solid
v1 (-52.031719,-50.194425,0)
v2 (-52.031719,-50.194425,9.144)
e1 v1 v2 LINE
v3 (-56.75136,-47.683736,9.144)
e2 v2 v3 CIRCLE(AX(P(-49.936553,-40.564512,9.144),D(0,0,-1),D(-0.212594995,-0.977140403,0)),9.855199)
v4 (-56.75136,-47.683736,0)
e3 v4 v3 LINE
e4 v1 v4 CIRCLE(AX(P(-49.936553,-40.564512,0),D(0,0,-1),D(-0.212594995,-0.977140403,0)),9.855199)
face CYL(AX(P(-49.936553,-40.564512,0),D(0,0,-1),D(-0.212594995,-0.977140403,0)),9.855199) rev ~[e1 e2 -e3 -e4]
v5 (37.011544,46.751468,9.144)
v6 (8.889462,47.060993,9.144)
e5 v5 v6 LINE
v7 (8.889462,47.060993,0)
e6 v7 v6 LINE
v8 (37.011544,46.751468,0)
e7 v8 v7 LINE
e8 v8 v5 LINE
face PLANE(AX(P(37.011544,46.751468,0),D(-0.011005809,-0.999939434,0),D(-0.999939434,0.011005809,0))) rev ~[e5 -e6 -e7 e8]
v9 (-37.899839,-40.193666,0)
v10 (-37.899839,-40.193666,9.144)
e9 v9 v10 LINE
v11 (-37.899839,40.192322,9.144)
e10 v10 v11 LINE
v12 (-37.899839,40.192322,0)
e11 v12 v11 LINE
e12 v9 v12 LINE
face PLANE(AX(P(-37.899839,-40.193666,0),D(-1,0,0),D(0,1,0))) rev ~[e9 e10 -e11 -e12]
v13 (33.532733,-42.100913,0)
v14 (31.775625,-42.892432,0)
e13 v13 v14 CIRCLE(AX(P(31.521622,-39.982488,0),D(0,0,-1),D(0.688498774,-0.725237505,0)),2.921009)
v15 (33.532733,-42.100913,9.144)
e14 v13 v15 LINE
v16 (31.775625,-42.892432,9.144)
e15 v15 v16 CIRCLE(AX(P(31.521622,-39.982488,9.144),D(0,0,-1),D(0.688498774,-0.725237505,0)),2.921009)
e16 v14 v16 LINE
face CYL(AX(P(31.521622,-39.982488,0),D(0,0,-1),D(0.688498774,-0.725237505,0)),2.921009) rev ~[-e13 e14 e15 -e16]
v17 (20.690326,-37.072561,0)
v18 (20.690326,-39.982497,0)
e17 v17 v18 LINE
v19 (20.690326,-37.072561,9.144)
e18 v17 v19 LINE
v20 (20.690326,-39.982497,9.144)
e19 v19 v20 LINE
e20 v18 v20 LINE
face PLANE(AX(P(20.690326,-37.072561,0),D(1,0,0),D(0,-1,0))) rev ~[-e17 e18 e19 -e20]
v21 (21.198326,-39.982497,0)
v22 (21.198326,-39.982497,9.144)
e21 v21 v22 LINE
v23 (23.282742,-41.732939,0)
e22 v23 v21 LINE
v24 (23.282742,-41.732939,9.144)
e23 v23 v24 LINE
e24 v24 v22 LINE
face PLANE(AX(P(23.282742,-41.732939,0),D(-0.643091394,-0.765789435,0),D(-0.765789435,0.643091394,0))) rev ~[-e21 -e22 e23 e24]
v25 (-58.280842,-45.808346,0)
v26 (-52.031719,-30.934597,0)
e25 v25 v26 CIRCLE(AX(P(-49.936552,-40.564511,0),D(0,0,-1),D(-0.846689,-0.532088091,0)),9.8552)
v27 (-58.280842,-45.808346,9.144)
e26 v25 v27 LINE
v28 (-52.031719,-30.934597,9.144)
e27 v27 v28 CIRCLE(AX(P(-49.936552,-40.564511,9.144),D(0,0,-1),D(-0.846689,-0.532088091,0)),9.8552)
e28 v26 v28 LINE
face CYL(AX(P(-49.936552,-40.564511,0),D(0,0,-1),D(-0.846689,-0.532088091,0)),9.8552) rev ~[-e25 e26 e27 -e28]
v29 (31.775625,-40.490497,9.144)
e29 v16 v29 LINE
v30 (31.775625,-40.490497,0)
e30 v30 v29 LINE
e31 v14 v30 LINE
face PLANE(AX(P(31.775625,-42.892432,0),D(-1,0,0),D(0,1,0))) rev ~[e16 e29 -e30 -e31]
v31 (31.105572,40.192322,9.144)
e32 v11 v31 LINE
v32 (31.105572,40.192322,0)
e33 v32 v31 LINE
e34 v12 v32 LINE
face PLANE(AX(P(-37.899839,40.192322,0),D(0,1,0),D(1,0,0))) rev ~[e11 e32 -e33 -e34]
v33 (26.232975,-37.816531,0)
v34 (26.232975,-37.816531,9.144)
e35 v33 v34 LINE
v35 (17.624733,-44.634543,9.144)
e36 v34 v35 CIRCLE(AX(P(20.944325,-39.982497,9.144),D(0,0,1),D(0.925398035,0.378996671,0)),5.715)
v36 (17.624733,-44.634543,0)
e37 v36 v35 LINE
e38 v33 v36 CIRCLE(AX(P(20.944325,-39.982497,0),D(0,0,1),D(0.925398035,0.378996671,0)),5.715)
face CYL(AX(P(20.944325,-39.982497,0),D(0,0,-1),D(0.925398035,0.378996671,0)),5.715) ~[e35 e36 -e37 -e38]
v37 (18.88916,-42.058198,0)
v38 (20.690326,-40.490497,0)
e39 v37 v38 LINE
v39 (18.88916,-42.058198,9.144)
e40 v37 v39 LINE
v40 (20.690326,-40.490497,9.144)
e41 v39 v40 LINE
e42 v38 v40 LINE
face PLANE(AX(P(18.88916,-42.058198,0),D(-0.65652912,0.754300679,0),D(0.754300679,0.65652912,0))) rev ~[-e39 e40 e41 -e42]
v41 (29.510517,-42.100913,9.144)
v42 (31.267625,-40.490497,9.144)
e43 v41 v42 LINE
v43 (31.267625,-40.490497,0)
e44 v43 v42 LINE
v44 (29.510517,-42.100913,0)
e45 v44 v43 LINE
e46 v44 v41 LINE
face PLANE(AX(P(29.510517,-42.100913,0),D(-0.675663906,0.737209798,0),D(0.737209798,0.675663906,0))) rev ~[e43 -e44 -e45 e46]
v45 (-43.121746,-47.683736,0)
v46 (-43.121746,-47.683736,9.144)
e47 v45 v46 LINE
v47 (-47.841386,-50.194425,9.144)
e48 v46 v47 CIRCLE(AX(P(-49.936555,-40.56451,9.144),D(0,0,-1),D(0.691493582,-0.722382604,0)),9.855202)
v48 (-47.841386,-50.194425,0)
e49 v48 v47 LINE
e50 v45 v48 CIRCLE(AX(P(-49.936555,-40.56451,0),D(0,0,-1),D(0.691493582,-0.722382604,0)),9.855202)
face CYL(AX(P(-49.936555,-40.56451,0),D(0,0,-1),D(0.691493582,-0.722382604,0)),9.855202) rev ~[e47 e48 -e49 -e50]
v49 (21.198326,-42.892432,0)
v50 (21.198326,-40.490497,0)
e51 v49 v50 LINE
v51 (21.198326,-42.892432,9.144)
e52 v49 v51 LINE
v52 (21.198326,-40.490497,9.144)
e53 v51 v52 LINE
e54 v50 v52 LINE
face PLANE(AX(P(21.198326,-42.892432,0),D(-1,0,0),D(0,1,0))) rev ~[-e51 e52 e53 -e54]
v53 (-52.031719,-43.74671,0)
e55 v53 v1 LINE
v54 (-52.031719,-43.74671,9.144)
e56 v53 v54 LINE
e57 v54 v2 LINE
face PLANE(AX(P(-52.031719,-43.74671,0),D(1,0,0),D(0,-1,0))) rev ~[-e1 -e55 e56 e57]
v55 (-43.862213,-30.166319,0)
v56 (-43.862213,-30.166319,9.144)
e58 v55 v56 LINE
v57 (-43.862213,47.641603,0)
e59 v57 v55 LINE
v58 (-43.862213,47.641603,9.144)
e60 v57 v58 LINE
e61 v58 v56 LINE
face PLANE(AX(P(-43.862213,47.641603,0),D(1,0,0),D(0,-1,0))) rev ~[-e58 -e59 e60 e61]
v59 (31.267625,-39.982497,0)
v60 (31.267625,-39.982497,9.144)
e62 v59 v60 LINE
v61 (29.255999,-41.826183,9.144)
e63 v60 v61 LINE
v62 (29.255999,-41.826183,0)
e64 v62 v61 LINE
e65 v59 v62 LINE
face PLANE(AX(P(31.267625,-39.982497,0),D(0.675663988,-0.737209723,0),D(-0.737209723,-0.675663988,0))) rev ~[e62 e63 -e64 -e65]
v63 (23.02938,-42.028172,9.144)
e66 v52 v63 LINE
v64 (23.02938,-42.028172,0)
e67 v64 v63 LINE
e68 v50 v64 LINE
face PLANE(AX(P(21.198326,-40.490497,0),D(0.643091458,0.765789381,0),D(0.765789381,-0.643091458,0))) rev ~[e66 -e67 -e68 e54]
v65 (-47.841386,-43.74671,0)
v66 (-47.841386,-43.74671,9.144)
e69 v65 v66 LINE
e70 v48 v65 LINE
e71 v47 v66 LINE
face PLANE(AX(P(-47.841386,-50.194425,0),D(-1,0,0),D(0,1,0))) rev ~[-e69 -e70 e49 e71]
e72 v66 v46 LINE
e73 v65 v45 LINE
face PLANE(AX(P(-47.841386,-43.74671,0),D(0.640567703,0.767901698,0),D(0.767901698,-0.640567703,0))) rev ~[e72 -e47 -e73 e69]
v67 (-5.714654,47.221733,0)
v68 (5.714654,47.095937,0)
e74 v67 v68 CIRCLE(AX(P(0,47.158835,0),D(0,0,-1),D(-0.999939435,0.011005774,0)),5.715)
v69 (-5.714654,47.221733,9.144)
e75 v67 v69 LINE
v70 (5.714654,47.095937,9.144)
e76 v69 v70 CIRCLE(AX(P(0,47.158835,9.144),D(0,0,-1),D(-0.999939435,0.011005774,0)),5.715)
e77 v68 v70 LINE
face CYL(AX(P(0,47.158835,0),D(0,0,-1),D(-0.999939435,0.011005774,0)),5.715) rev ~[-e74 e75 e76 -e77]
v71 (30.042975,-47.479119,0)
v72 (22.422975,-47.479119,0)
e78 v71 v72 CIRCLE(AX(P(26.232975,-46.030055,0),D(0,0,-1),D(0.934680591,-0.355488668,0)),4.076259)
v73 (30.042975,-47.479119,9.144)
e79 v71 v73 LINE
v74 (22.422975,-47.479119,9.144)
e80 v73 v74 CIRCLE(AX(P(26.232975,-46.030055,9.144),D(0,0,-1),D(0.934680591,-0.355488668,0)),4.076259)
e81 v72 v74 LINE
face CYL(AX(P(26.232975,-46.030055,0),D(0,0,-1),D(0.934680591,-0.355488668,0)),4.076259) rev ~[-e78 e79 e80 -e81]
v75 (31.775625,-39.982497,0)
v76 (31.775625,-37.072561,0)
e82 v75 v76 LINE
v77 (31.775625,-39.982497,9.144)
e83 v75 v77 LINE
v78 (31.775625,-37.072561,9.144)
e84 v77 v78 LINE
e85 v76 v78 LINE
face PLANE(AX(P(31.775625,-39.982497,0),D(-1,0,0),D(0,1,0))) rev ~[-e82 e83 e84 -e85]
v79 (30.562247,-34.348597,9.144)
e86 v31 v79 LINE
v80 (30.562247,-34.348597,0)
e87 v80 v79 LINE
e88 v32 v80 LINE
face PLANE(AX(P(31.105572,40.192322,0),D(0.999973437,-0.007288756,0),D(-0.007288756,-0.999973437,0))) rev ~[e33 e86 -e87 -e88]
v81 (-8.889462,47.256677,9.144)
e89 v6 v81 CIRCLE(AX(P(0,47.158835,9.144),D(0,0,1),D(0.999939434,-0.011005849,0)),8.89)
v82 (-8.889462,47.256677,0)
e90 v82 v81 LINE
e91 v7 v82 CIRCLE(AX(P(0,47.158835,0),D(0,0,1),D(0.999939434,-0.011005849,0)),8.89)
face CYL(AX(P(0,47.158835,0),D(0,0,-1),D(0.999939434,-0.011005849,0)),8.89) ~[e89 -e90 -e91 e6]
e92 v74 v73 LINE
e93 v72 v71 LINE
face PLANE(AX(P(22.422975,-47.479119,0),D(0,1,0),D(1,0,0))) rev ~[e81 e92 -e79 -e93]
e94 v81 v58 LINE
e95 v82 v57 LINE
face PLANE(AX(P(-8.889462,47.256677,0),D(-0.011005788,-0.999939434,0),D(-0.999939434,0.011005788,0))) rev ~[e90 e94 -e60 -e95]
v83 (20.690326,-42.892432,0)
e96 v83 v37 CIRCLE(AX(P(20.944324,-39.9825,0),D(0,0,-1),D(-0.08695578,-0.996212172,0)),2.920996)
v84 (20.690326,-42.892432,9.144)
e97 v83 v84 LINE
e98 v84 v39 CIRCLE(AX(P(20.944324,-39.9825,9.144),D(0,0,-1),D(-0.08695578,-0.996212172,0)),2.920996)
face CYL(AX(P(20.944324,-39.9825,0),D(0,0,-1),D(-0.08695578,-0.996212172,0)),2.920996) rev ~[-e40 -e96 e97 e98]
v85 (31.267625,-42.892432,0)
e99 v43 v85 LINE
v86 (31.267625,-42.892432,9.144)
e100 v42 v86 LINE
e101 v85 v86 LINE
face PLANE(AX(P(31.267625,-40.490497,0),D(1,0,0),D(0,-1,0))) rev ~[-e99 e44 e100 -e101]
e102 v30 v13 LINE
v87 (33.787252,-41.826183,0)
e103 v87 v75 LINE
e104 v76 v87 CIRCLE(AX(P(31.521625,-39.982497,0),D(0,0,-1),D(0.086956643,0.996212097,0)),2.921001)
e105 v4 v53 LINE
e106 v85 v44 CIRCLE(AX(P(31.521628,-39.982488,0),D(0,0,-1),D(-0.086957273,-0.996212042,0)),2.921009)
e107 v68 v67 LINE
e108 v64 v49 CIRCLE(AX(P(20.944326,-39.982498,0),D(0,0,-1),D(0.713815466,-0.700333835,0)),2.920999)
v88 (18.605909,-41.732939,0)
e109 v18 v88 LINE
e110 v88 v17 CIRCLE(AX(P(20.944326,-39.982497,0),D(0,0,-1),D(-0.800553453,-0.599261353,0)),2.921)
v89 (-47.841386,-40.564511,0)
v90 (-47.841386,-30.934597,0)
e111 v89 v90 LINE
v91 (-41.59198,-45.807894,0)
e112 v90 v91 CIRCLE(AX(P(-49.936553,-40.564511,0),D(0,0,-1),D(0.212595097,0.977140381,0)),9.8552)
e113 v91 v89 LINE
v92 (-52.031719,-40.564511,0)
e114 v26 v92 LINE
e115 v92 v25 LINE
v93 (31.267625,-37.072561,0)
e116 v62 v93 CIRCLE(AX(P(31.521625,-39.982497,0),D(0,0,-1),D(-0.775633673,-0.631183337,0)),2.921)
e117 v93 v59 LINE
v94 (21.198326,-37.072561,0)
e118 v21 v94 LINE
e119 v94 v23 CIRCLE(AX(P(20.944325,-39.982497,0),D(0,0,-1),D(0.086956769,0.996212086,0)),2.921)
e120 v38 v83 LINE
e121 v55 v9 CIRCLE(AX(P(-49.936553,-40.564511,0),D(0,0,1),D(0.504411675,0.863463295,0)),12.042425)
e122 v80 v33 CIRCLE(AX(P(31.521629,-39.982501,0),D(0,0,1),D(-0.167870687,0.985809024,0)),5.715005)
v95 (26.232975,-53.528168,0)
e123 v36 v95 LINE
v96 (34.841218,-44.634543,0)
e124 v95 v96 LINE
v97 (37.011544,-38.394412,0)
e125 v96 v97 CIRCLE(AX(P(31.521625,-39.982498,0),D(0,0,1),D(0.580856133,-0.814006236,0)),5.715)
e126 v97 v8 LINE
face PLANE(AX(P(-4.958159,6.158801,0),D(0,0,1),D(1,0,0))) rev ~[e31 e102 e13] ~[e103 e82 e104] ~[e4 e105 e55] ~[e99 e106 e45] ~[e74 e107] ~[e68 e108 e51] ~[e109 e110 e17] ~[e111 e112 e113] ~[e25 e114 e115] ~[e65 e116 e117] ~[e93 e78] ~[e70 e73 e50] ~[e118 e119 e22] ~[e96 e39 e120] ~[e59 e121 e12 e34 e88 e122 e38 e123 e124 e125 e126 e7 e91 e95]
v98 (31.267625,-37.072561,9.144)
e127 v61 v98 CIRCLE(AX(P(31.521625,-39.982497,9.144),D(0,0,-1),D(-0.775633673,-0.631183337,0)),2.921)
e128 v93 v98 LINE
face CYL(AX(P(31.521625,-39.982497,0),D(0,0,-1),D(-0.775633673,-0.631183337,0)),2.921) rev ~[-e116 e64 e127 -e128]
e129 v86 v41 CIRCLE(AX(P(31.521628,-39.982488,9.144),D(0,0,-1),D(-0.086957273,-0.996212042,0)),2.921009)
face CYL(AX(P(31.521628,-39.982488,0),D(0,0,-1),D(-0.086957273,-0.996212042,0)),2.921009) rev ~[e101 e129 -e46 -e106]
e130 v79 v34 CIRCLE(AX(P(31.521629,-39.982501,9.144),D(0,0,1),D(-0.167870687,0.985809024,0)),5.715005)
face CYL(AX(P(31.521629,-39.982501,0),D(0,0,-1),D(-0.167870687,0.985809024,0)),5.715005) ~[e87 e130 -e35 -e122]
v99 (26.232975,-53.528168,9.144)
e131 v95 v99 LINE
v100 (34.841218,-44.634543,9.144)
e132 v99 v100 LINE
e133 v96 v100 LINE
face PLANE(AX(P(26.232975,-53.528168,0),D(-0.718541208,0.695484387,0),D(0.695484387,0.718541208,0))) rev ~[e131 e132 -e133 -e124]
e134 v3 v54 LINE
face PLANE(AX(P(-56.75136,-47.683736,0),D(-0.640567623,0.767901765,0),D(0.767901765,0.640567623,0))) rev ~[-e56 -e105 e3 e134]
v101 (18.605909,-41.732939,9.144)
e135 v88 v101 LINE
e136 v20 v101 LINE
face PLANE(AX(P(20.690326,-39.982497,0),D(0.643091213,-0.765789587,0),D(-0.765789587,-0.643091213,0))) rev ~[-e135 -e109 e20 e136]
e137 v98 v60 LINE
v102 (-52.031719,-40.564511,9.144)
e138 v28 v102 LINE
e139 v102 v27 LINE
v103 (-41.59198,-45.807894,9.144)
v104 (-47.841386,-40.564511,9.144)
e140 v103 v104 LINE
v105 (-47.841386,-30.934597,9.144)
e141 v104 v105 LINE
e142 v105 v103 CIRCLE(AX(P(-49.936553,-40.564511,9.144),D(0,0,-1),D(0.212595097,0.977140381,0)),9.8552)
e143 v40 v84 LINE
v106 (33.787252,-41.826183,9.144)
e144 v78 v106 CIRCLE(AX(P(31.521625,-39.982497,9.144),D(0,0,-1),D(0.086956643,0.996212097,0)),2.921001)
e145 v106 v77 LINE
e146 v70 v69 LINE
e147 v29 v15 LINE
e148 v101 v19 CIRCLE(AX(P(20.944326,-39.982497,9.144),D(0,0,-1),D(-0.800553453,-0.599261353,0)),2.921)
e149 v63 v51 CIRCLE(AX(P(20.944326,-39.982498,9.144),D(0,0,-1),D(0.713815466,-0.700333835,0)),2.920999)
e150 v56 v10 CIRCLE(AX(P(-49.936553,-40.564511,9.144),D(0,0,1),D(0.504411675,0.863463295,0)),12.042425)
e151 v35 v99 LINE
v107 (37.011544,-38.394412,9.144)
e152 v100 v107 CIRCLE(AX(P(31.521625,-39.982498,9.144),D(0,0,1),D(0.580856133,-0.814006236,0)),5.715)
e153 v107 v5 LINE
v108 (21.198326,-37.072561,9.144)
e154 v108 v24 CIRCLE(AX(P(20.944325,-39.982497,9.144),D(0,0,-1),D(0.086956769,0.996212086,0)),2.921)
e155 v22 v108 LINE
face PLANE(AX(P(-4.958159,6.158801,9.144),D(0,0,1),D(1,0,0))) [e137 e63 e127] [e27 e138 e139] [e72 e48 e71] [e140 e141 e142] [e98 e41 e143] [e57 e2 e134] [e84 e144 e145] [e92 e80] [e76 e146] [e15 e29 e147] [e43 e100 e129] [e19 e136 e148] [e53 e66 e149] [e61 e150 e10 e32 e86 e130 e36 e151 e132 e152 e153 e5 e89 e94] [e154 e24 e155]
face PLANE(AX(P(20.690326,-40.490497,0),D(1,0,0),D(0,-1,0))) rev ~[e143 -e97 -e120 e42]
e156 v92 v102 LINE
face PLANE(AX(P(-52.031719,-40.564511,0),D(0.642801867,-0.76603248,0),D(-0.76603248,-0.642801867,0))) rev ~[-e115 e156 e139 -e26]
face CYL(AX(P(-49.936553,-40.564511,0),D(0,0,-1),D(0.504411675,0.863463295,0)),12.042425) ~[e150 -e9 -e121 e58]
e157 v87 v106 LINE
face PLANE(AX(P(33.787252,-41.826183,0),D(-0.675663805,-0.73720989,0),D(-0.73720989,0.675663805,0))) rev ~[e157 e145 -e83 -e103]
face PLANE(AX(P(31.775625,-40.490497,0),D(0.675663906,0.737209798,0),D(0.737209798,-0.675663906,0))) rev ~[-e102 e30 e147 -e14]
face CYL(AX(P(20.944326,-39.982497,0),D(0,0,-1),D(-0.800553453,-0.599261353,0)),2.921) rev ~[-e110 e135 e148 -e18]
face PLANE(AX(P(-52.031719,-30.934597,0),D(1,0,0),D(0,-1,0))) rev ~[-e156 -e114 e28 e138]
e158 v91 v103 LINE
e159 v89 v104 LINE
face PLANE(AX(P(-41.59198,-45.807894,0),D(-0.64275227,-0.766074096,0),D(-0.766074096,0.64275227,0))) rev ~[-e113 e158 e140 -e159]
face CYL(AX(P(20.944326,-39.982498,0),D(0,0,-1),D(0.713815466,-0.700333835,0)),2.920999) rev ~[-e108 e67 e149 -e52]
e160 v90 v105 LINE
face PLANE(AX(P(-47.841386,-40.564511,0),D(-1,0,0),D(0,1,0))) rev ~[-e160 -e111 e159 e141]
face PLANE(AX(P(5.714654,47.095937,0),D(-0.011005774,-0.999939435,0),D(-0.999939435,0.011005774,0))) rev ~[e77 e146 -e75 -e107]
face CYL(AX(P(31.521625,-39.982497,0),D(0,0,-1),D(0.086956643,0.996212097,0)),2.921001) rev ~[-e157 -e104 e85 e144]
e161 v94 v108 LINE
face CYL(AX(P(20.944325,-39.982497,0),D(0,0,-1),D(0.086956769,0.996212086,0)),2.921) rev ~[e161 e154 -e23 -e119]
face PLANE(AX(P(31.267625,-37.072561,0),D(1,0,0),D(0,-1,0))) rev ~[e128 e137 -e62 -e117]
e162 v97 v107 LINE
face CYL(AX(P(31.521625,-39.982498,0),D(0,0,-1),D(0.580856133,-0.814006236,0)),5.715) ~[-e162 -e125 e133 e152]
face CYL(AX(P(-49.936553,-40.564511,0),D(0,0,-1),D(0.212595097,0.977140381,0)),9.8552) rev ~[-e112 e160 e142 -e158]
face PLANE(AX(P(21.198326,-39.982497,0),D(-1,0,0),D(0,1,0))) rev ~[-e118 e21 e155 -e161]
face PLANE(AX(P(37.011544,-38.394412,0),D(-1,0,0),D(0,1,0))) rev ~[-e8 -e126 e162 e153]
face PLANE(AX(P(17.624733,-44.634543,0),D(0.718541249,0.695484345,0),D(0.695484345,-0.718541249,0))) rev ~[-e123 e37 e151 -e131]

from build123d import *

# Parameters (mm, degrees)
F1_DEPTH = 9.144


with BuildPart() as f1:
    # F0 (on Top) → F1 (new body)
    with BuildSketch(Plane.XY):
        with BuildLine():
            Line((26.232975, -53.528168), (34.841218, -44.634543))
            ThreePointArc((34.841218, -44.634543), (36.919466, -41.859873), (37.011544, -38.394412))
            Line((37.011544, -38.394412), (37.011544, -23.138775))
            Line((37.011544, -23.138775), (37.011544, 46.751468))
            Line((37.011544, 46.751468), (8.889462, 47.060993))
            ThreePointArc((8.889462, 47.060993), (0.097842, 56.048297), (-8.889462, 47.256677))
            Line((-8.889462, 47.256677), (-43.862213, 47.641603))
            Line((-43.862213, 47.641603), (-43.862213, -30.166319))
            ThreePointArc((-43.862213, -30.166319), (-60.287374, -46.719226), (-37.899839, -40.193666))
            Line((-37.899839, -40.193666), (-37.899839, 40.192322))
            Line((-37.899839, 40.192322), (31.105572, 40.192322))
            Line((31.105572, 40.192322), (30.562247, -34.348597))
            ThreePointArc((30.562247, -34.348597), (27.948657, -35.522102), (26.232975, -37.816531))
            ThreePointArc((26.232975, -37.816531), (17.395999, -35.502474), (17.624733, -44.634543))
            Line((17.624733, -44.634543), (26.232975, -53.528168))
        make_face()
        with BuildLine():
            Line((-52.031719, -43.74671), (-52.031719, -50.194425))
            ThreePointArc((-52.031719, -50.194425), (-54.56503, -49.26521), (-56.75136, -47.683736))
            Line((-56.75136, -47.683736), (-52.031719, -43.74671))
        make_face(mode=Mode.SUBTRACT)
        with BuildLine():
            ThreePointArc((-43.121746, -47.683736), (-45.308076, -49.26521), (-47.841386, -50.194425))
            Line((-47.841386, -50.194425), (-47.841386, -43.74671))
            Line((-47.841386, -43.74671), (-43.121746, -47.683736))
        make_face(mode=Mode.SUBTRACT)
        with BuildLine():
            Line((-52.031719, -30.934597), (-52.031719, -40.564511))
            Line((-52.031719, -40.564511), (-58.280842, -45.808346))
            ThreePointArc((-58.280842, -45.808346), (-59.022402, -36.747142), (-52.031719, -30.934597))
        make_face(mode=Mode.SUBTRACT)
        with BuildLine():
            Line((-41.59198, -45.807894), (-47.841386, -40.564511))
            Line((-47.841386, -40.564511), (-47.841386, -30.934597))
            ThreePointArc((-47.841386, -30.934597), (-40.850807, -36.746896), (-41.59198, -45.807894))
        make_face(mode=Mode.SUBTRACT)
        with BuildLine():
            Line((18.88916, -42.058198), (20.690326, -40.490497))
            Line((20.690326, -40.490497), (20.690326, -42.892432))
            ThreePointArc((20.690326, -42.892432), (19.716707, -42.633005), (18.88916, -42.058198))
        make_face(mode=Mode.SUBTRACT)
        with BuildLine():
            Line((21.198326, -42.892432), (21.198326, -40.490497))
            Line((21.198326, -40.490497), (23.02938, -42.028172))
            ThreePointArc((23.02938, -42.028172), (22.191134, -42.624032), (21.198326, -42.892432))
        make_face(mode=Mode.SUBTRACT)
        with BuildLine():
            Line((22.422975, -47.479119), (26.232975, -47.479119))
            Line((26.232975, -47.479119), (30.042975, -47.479119))
            ThreePointArc((30.042975, -47.479119), (26.232975, -50.106314), (22.422975, -47.479119))
        make_face(mode=Mode.SUBTRACT)
        with BuildLine():
            Line((29.510517, -42.100913), (31.267625, -40.490497))
            Line((31.267625, -40.490497), (31.267625, -42.892432))
            ThreePointArc((31.267625, -42.892432), (30.321915, -42.645753), (29.510517, -42.100913))
        make_face(mode=Mode.SUBTRACT)
        with BuildLine():
            ThreePointArc((33.532733, -42.100913), (32.721335, -42.645753), (31.775625, -42.892432))
            Line((31.775625, -42.892432), (31.775625, -40.490497))
            Line((31.775625, -40.490497), (33.532733, -42.100913))
        make_face(mode=Mode.SUBTRACT)
        with BuildLine():
            ThreePointArc((18.605909, -41.732939), (18.277879, -38.789893), (20.690326, -37.072561))
            Line((20.690326, -37.072561), (20.690326, -39.982497))
            Line((20.690326, -39.982497), (18.605909, -41.732939))
        make_face(mode=Mode.SUBTRACT)
        with BuildLine():
            ThreePointArc((21.198326, -37.072561), (23.610772, -38.789893), (23.282742, -41.732939))
            Line((23.282742, -41.732939), (21.198326, -39.982497))
            Line((21.198326, -39.982497), (21.198326, -37.072561))
        make_face(mode=Mode.SUBTRACT)
        with BuildLine():
            ThreePointArc((29.255999, -41.826183), (28.831577, -38.844128), (31.267625, -37.072561))
            Line((31.267625, -37.072561), (31.267625, -39.982497))
            Line((31.267625, -39.982497), (29.255999, -41.826183))
        make_face(mode=Mode.SUBTRACT)
        with BuildLine():
            Line((31.775625, -39.982497), (31.775625, -37.072561))
            ThreePointArc((31.775625, -37.072561), (34.211673, -38.844128), (33.787252, -41.826183))
            Line((33.787252, -41.826183), (31.775625, -39.982497))
        make_face(mode=Mode.SUBTRACT)
        with BuildLine():
            ThreePointArc((-5.714654, 47.221733), (0.062898, 52.873489), (5.714654, 47.095937))
            Line((5.714654, 47.095937), (-5.714654, 47.221733))
        make_face(mode=Mode.SUBTRACT)
    extrude(amount=F1_DEPTH)


solid = f1.part
